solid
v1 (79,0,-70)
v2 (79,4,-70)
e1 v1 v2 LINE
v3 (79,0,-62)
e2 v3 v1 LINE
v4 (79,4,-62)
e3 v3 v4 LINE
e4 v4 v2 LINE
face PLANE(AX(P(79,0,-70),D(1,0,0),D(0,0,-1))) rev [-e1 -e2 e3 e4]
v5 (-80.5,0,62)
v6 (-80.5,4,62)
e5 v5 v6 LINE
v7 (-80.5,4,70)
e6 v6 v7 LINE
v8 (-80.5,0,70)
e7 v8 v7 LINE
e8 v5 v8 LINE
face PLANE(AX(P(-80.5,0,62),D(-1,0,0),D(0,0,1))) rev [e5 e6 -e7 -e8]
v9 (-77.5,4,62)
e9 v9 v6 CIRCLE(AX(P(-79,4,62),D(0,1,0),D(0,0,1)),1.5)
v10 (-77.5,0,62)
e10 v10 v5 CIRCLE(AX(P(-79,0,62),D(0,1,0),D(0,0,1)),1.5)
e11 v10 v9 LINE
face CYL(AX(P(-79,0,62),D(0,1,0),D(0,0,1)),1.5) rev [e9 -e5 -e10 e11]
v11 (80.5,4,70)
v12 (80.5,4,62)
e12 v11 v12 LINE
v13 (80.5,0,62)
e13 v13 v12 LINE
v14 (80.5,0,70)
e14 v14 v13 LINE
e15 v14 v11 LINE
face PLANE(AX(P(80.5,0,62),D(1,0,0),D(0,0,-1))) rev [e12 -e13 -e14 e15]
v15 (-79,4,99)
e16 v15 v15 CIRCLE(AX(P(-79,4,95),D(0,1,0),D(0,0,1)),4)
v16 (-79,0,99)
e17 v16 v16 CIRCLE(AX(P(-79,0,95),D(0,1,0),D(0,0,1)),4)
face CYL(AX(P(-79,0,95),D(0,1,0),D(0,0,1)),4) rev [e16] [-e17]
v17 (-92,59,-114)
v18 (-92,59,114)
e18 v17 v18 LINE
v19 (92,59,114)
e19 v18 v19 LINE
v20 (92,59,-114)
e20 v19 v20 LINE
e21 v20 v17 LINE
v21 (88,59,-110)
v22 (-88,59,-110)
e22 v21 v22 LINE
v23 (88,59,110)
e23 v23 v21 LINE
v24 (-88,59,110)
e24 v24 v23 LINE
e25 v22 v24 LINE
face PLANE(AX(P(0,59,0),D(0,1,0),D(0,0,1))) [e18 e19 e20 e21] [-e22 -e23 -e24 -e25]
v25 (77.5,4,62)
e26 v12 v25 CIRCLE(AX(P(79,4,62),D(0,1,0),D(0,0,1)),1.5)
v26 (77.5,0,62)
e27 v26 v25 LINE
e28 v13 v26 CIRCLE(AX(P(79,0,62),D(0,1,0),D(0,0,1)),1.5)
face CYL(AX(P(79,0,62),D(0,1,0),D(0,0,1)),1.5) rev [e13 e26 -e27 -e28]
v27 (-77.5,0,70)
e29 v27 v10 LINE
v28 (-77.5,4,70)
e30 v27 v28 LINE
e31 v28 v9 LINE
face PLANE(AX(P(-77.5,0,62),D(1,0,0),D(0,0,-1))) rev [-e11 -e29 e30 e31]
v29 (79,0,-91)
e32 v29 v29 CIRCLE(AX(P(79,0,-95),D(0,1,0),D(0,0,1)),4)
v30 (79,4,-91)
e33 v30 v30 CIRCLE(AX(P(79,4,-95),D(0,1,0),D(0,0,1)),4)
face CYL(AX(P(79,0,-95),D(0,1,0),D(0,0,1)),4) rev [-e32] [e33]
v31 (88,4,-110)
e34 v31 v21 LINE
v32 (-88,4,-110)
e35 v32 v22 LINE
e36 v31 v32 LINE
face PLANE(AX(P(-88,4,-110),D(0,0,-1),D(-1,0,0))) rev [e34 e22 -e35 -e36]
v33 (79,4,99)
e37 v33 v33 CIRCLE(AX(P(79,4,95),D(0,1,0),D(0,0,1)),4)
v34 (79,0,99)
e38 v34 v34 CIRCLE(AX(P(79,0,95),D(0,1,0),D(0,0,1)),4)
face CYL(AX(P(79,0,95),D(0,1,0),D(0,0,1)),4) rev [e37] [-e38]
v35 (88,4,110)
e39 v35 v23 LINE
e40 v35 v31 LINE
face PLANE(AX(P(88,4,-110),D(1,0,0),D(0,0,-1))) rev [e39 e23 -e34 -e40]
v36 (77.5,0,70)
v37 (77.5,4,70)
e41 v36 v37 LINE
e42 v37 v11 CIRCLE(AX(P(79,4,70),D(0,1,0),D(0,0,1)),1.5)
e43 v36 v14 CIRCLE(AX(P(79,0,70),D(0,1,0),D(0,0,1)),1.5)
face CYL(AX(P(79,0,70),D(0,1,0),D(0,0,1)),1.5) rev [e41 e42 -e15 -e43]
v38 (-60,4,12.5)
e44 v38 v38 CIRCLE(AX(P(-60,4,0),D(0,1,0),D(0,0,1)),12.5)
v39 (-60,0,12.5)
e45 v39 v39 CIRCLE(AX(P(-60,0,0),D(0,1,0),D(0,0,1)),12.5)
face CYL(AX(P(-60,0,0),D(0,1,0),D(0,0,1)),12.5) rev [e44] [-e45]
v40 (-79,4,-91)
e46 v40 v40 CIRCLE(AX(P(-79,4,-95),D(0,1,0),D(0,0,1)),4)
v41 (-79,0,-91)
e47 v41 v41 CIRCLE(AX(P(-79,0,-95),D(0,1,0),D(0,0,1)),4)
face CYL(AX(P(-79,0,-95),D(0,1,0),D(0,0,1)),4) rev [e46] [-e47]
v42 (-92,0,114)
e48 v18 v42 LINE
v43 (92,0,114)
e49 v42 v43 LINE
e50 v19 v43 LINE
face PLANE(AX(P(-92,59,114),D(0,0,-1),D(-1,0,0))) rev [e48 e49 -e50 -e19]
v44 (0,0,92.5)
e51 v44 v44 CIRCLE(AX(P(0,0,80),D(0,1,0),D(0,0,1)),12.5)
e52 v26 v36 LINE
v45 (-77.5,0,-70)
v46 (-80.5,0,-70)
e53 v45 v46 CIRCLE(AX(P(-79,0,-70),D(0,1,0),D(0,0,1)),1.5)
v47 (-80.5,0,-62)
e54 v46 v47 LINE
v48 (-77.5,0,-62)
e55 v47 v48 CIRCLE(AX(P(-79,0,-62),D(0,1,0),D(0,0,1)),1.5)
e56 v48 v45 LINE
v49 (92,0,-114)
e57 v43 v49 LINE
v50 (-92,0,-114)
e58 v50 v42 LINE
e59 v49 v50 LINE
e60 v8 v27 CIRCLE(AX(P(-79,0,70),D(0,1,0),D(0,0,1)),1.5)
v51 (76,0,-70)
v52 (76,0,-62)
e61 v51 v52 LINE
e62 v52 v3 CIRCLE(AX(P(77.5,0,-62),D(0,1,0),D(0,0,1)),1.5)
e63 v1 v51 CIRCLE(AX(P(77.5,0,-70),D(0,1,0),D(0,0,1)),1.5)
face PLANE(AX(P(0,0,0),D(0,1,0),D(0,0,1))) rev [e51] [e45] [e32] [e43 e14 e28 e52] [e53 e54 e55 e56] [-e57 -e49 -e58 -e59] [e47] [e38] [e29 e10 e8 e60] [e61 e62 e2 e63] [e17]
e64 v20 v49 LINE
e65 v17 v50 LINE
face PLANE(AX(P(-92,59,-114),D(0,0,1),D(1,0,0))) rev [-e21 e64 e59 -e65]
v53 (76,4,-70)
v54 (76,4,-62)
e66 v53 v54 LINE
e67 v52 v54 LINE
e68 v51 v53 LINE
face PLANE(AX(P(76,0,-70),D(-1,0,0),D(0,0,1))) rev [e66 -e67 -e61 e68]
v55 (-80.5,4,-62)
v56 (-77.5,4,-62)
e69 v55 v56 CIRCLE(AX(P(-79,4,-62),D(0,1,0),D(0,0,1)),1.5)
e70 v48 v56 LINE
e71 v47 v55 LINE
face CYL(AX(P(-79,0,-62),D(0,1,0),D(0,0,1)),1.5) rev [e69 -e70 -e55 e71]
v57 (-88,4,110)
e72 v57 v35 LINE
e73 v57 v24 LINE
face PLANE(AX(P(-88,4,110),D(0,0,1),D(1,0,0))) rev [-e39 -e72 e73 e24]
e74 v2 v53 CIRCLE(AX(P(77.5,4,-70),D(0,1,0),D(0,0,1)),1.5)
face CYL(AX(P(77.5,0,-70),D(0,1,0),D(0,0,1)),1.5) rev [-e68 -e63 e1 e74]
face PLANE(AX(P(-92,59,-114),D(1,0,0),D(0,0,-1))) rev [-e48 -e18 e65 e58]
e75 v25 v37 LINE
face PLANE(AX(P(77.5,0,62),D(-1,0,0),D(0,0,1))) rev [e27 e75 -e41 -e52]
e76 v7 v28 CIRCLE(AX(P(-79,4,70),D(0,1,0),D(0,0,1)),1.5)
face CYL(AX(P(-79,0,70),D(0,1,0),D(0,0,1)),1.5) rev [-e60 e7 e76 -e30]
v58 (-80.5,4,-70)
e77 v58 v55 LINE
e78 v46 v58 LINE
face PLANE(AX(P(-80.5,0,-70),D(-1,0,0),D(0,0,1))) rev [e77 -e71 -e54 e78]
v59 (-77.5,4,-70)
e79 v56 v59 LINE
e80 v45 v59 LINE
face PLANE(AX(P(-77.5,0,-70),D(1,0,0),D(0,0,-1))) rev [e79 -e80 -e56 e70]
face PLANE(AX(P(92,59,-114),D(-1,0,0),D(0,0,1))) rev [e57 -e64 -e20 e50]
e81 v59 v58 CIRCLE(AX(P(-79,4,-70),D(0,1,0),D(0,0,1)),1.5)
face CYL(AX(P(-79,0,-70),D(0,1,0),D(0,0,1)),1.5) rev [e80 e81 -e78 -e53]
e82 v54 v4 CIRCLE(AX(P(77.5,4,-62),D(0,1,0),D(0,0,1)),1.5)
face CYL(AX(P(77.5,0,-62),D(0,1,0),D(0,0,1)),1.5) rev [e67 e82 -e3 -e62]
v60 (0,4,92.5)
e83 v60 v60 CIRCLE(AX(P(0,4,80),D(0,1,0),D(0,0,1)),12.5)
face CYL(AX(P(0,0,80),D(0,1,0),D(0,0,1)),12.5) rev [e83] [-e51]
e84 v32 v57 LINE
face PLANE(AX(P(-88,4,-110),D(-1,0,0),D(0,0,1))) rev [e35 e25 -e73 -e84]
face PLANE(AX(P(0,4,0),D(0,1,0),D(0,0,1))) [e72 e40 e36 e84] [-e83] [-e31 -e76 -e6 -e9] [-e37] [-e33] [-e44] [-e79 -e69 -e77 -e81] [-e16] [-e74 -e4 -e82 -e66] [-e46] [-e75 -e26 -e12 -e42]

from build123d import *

# Parameters (mm, degrees)
SKETCH1_W           = 184
SKETCH1_H           = 228
BOSS_EXTRUDE1_DEPTH = 59
SKETCH2_W           = 176
SKETCH2_H           = 220
CUT_EXTRUDE1_DEPTH  = 55
SKETCH4_R           = 4
CUT_EXTRUDE2_DEPTH  = 157.476835346
SKETCH6_R           = 12.5
CUT_EXTRUDE3_DEPTH  = 157.476835346


with BuildPart() as part:
    # Sketch1 → Boss-Extrude1 (new body)
    with BuildSketch(Plane(origin=(0, 0, 0), x_dir=(1, 0, 0), z_dir=(0, 1, 0))):
        Rectangle(SKETCH1_W, SKETCH1_H)
    extrude(amount=BOSS_EXTRUDE1_DEPTH)

    # Sketch2 → Cut-Extrude1 (cut)
    with BuildSketch(Plane(origin=(0, 59, 0), x_dir=(1, 0, 0), z_dir=(0, 1, 0))):
        Rectangle(SKETCH2_W, SKETCH2_H)
    extrude(amount=-CUT_EXTRUDE1_DEPTH, mode=Mode.SUBTRACT)

    # Sketch4 → Cut-Extrude2 (cut, through all)
    with BuildSketch(Plane(origin=(0, 4, 0), x_dir=(1, 0, 0), z_dir=(0, 1, 0))):
        with Locations(Location((-79, -95, 0), (0, 0, 270))):
            Circle(SKETCH4_R)
        with Locations(Location((-79, 95, 0), (0, 0, 270))):
            Circle(SKETCH4_R)
        with Locations(Location((79, -95, 0), (0, 0, 270))):
            Circle(SKETCH4_R)
        with Locations(Location((79, 95, 0), (0, 0, 270))):
            Circle(SKETCH4_R)
        with BuildLine():
            Line((-77.5, 70), (-77.5, 62))
            ThreePointArc((-77.5, 62), (-79, 60.5), (-80.5, 62))
            Line((-80.5, 62), (-80.5, 70))
            ThreePointArc((-80.5, 70), (-79, 71.5), (-77.5, 70))
        make_face()
        with BuildLine():
            Line((-77.5, -62), (-77.5, -70))
            ThreePointArc((-77.5, -70), (-79, -71.5), (-80.5, -70))
            Line((-80.5, -70), (-80.5, -62))
            ThreePointArc((-80.5, -62), (-79, -60.5), (-77.5, -62))
        make_face()
        with BuildLine():
            Line((80.5, -62), (80.5, -70))
            ThreePointArc((80.5, -70), (79, -71.5), (77.5, -70))
            Line((77.5, -70), (77.5, -62))
            ThreePointArc((77.5, -62), (79, -60.5), (80.5, -62))
        make_face()
        with BuildLine():
            Line((79, 70), (79, 62))
            ThreePointArc((79, 62), (77.5, 60.5), (76, 62))
            Line((76, 62), (76, 70))
            ThreePointArc((76, 70), (77.5, 71.5), (79, 70))
        make_face()
    extrude(amount=-CUT_EXTRUDE2_DEPTH, mode=Mode.SUBTRACT)

    # Sketch6 → Cut-Extrude3 (cut, through all)
    with BuildSketch(Plane(origin=(0, 4, 0), x_dir=(1, 0, 0), z_dir=(0, 1, 0))):
        with Locations(Location((-60, 0, 0), (0, 0, 270))):
            Circle(SKETCH6_R)
        with Locations(Location((0, -80, 0), (0, 0, 270))):
            Circle(SKETCH6_R)
    extrude(amount=-CUT_EXTRUDE3_DEPTH, mode=Mode.SUBTRACT)


solid = part.part
